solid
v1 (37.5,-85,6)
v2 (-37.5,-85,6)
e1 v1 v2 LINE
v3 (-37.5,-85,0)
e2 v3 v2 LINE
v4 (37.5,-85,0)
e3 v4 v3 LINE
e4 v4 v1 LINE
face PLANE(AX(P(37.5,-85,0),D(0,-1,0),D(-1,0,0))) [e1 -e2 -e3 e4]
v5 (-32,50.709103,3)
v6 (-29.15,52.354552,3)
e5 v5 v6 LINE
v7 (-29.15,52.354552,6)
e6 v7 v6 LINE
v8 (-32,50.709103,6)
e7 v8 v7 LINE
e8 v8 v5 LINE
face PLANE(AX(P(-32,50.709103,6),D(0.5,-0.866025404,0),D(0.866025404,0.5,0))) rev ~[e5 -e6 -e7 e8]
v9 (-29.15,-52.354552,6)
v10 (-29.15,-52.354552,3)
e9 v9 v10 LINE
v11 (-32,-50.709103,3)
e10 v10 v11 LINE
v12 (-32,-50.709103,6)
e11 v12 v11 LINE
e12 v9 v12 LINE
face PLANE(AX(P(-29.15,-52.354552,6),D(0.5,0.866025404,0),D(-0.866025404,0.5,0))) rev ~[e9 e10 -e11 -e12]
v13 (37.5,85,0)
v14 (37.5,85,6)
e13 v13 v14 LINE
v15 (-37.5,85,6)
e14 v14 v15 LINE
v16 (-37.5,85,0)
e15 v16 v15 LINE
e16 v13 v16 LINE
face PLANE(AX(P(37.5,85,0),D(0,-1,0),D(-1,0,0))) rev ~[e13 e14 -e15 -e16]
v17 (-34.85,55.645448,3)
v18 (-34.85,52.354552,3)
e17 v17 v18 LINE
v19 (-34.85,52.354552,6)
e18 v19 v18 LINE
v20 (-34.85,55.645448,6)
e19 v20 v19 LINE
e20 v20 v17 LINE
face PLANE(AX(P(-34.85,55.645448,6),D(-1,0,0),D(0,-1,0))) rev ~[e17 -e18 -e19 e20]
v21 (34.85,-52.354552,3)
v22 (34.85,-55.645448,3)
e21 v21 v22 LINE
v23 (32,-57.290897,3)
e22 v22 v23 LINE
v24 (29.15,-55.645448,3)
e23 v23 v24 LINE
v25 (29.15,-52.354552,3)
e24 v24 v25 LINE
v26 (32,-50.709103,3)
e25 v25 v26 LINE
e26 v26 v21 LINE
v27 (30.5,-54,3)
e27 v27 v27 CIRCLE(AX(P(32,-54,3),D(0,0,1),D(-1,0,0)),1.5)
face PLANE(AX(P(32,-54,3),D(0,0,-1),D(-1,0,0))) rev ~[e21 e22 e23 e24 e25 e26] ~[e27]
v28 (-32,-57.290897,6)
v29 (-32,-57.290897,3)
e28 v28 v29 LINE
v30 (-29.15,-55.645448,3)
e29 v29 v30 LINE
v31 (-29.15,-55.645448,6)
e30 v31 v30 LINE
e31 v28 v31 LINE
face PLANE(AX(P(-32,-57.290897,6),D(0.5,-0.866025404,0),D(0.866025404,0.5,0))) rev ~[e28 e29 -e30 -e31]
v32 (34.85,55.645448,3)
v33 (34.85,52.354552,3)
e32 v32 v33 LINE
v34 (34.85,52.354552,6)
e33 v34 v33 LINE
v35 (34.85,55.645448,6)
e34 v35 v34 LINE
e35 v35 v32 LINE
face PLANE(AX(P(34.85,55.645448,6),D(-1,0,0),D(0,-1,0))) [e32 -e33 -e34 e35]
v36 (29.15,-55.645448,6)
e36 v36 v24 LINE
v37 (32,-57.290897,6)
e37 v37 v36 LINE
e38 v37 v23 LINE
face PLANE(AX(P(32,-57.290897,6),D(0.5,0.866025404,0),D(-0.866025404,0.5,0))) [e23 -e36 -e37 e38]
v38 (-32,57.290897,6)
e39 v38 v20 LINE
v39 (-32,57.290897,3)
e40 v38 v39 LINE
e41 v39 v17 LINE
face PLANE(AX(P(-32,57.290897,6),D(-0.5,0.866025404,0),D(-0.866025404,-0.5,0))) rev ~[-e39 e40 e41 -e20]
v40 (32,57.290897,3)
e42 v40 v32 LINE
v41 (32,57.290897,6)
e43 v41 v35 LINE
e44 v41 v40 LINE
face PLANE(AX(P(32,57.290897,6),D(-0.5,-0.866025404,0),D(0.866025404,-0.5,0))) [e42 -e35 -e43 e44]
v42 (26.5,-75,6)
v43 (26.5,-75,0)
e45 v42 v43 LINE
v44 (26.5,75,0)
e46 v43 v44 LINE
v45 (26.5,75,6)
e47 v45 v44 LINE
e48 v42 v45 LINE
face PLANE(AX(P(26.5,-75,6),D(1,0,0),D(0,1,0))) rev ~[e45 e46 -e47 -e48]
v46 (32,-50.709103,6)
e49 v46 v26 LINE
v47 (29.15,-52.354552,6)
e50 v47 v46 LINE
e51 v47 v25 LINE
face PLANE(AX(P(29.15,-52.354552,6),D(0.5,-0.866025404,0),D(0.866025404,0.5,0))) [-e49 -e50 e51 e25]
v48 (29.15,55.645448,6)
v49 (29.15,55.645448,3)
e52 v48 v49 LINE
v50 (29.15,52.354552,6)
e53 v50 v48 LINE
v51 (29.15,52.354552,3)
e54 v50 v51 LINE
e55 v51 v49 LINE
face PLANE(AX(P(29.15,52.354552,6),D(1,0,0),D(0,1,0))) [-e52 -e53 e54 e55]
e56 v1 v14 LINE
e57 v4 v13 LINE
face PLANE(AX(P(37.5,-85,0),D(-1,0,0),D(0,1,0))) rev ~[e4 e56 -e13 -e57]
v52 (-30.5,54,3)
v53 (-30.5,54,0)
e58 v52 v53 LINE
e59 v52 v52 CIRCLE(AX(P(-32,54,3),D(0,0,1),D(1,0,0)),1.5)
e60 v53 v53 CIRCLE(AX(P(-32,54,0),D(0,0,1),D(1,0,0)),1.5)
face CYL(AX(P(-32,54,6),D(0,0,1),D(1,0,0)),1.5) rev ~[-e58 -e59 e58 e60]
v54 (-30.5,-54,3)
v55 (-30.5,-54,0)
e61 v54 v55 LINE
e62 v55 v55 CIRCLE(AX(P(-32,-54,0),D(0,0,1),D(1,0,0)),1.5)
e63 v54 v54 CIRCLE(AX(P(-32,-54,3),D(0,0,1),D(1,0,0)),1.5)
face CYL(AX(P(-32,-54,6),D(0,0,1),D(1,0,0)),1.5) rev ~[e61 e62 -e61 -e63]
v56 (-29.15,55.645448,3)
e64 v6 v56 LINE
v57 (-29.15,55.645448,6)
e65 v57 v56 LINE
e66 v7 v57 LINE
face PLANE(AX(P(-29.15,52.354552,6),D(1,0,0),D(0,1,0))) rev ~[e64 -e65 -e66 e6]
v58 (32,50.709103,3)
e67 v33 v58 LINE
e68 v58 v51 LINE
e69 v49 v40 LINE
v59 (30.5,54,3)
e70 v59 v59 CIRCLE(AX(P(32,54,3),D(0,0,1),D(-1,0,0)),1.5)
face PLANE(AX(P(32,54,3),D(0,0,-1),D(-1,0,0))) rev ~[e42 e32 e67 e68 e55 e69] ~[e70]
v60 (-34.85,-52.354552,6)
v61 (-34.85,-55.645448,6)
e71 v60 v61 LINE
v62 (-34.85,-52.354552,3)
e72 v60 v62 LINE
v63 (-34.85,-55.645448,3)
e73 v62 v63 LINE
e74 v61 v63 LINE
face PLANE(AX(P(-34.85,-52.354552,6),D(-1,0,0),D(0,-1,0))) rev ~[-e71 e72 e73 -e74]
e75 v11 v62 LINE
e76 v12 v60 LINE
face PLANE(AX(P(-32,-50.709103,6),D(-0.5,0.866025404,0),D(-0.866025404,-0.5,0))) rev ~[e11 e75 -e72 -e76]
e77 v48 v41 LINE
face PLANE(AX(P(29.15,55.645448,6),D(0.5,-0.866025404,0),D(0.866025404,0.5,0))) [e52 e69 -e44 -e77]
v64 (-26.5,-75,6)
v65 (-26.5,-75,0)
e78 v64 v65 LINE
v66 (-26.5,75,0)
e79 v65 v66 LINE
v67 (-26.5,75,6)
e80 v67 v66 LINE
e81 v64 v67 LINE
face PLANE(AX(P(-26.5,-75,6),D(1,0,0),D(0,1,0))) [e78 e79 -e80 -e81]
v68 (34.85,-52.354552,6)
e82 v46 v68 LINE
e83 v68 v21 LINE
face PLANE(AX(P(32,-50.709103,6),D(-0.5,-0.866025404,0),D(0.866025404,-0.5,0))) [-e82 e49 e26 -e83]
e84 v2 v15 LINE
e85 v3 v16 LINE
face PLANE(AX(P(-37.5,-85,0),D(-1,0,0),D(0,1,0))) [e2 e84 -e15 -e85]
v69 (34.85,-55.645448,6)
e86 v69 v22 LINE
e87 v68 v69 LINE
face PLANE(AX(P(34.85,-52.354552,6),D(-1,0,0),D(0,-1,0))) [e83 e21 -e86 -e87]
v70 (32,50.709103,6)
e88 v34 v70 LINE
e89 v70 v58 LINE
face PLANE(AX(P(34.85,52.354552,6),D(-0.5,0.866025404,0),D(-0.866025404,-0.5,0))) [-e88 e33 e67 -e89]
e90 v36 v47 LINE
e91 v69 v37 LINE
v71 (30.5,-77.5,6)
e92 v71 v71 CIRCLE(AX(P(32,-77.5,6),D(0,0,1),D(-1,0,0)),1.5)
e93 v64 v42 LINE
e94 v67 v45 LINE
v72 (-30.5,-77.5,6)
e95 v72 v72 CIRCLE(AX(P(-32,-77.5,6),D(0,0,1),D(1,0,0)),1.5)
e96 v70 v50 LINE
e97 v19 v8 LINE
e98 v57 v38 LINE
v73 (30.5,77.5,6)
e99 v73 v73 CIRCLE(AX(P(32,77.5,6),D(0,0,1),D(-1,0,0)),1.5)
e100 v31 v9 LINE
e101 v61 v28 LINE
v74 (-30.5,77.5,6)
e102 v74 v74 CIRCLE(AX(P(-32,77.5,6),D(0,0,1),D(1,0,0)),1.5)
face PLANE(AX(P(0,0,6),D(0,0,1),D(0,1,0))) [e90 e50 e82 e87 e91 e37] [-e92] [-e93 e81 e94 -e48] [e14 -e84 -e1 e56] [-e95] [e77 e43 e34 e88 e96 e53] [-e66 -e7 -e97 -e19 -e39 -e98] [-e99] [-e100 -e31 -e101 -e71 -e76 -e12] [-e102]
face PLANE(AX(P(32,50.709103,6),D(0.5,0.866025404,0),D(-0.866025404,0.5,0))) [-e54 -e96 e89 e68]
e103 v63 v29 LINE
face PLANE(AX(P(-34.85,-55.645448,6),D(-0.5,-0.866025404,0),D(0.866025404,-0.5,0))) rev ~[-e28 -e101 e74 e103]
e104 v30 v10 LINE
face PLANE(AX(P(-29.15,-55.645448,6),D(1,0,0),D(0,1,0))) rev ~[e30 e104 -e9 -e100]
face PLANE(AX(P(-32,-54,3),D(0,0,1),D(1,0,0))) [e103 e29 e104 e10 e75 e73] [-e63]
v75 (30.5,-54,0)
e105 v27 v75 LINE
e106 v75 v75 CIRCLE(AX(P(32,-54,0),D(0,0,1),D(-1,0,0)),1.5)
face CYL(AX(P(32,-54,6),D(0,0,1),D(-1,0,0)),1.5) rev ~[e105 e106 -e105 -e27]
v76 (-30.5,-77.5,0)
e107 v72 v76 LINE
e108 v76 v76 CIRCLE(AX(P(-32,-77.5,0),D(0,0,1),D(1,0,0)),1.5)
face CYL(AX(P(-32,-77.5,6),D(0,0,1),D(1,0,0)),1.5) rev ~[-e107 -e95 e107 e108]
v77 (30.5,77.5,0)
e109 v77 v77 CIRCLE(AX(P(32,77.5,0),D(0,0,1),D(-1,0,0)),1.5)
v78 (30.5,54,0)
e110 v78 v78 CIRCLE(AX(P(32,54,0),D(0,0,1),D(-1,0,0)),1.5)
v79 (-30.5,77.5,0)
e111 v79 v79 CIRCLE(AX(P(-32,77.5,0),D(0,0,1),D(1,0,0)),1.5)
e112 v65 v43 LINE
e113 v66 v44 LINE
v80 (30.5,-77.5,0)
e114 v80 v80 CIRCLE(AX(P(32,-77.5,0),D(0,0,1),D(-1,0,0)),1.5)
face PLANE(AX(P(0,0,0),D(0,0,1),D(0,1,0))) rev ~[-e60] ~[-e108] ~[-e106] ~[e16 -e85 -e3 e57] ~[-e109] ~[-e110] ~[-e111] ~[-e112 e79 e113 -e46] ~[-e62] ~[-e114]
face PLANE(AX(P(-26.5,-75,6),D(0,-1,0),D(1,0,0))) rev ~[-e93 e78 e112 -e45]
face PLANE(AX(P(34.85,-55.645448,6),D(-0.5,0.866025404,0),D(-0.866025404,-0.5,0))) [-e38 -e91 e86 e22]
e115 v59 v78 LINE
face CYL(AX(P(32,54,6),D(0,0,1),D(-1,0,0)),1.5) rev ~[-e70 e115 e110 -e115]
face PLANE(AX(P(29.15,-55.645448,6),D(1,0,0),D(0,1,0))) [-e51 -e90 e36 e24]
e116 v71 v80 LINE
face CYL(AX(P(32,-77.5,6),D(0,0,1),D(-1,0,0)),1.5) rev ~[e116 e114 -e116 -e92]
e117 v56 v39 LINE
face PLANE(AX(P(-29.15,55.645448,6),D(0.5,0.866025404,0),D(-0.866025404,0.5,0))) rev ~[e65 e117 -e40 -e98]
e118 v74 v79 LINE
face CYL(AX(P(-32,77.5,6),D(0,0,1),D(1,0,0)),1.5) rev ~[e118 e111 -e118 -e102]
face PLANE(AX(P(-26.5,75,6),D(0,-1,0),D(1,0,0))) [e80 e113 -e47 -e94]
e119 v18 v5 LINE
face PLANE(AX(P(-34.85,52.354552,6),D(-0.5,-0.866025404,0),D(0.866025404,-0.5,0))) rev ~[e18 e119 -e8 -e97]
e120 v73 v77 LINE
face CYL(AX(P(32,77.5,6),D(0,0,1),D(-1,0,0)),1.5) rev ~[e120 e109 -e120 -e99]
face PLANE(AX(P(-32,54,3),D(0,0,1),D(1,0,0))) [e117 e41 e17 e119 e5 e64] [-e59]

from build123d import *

# Parameters (mm, degrees)
SKETCH1_W           = 170
SKETCH1_H           = 75
BOSS_EXTRUDE1_DEPTH = 6
SKETCH2_R           = 1.5
CUT_EXTRUDE1_DEPTH  = 94.098066575
CUT_EXTRUDE3_DEPTH  = 3
SKETCH6_W           = 53
SKETCH6_H           = 150
CUT_EXTRUDE4_DEPTH  = 10


with BuildPart() as part:
    # Sketch1 → Boss-Extrude1 (new body)
    with BuildSketch(Plane(origin=(0, 0, 0), x_dir=(0, 1, 0), z_dir=(0, 0, 1))):
        Rectangle(SKETCH1_W, SKETCH1_H)
    extrude(amount=BOSS_EXTRUDE1_DEPTH)

    # Sketch2 → Cut-Extrude1 (cut, through all)
    with BuildSketch(Plane.XY.offset(6)):
        with Locations((-32, 54)):
            Circle(SKETCH2_R)
        with Locations((-32, -54)):
            Circle(SKETCH2_R)
        with Locations((-32, -77.5)):
            Circle(SKETCH2_R)
        with Locations((-32, 77.5)):
            Circle(SKETCH2_R)
        with Locations(Location((32, -77.5, 0), (0, 0, 180))):
            Circle(SKETCH2_R)
        with Locations(Location((32, -54, 0), (0, 0, 180))):
            Circle(SKETCH2_R)
        with Locations(Location((32, 54, 0), (0, 0, 180))):
            Circle(SKETCH2_R)
        with Locations(Location((32, 77.5, 0), (0, 0, 180))):
            Circle(SKETCH2_R)
    extrude(amount=-CUT_EXTRUDE1_DEPTH, mode=Mode.SUBTRACT)

    # Sketch5 → Cut-Extrude3 (cut)
    with BuildSketch(Plane.XY.offset(6)):
        Polygon((-29.15, -55.645448267), (-29.15, -52.354551733), (-32, -50.709103466), (-34.85, -52.354551733), (-34.85, -55.645448267), (-32, -57.290896534), align=None)
        Polygon((32, -57.290896534), (29.15, -55.645448267), (29.15, -52.354551733), (32, -50.709103466), (34.85, -52.354551733), (34.85, -55.645448267), align=None)
        Polygon((-29.15, 55.645448267), (-32, 57.290896534), (-34.85, 55.645448267), (-34.85, 52.354551733), (-32, 50.709103466), (-29.15, 52.354551733), align=None)
        Polygon((29.15, 52.354551733), (29.15, 55.645448267), (32, 57.290896534), (34.85, 55.645448267), (34.85, 52.354551733), (32, 50.709103466), align=None)
    extrude(amount=-CUT_EXTRUDE3_DEPTH, mode=Mode.SUBTRACT)

    # Sketch6 → Cut-Extrude4 (cut)
    with BuildSketch(Plane.XY.offset(6)):
        Rectangle(SKETCH6_W, SKETCH6_H)
    extrude(amount=-CUT_EXTRUDE4_DEPTH, mode=Mode.SUBTRACT)


solid = part.part
